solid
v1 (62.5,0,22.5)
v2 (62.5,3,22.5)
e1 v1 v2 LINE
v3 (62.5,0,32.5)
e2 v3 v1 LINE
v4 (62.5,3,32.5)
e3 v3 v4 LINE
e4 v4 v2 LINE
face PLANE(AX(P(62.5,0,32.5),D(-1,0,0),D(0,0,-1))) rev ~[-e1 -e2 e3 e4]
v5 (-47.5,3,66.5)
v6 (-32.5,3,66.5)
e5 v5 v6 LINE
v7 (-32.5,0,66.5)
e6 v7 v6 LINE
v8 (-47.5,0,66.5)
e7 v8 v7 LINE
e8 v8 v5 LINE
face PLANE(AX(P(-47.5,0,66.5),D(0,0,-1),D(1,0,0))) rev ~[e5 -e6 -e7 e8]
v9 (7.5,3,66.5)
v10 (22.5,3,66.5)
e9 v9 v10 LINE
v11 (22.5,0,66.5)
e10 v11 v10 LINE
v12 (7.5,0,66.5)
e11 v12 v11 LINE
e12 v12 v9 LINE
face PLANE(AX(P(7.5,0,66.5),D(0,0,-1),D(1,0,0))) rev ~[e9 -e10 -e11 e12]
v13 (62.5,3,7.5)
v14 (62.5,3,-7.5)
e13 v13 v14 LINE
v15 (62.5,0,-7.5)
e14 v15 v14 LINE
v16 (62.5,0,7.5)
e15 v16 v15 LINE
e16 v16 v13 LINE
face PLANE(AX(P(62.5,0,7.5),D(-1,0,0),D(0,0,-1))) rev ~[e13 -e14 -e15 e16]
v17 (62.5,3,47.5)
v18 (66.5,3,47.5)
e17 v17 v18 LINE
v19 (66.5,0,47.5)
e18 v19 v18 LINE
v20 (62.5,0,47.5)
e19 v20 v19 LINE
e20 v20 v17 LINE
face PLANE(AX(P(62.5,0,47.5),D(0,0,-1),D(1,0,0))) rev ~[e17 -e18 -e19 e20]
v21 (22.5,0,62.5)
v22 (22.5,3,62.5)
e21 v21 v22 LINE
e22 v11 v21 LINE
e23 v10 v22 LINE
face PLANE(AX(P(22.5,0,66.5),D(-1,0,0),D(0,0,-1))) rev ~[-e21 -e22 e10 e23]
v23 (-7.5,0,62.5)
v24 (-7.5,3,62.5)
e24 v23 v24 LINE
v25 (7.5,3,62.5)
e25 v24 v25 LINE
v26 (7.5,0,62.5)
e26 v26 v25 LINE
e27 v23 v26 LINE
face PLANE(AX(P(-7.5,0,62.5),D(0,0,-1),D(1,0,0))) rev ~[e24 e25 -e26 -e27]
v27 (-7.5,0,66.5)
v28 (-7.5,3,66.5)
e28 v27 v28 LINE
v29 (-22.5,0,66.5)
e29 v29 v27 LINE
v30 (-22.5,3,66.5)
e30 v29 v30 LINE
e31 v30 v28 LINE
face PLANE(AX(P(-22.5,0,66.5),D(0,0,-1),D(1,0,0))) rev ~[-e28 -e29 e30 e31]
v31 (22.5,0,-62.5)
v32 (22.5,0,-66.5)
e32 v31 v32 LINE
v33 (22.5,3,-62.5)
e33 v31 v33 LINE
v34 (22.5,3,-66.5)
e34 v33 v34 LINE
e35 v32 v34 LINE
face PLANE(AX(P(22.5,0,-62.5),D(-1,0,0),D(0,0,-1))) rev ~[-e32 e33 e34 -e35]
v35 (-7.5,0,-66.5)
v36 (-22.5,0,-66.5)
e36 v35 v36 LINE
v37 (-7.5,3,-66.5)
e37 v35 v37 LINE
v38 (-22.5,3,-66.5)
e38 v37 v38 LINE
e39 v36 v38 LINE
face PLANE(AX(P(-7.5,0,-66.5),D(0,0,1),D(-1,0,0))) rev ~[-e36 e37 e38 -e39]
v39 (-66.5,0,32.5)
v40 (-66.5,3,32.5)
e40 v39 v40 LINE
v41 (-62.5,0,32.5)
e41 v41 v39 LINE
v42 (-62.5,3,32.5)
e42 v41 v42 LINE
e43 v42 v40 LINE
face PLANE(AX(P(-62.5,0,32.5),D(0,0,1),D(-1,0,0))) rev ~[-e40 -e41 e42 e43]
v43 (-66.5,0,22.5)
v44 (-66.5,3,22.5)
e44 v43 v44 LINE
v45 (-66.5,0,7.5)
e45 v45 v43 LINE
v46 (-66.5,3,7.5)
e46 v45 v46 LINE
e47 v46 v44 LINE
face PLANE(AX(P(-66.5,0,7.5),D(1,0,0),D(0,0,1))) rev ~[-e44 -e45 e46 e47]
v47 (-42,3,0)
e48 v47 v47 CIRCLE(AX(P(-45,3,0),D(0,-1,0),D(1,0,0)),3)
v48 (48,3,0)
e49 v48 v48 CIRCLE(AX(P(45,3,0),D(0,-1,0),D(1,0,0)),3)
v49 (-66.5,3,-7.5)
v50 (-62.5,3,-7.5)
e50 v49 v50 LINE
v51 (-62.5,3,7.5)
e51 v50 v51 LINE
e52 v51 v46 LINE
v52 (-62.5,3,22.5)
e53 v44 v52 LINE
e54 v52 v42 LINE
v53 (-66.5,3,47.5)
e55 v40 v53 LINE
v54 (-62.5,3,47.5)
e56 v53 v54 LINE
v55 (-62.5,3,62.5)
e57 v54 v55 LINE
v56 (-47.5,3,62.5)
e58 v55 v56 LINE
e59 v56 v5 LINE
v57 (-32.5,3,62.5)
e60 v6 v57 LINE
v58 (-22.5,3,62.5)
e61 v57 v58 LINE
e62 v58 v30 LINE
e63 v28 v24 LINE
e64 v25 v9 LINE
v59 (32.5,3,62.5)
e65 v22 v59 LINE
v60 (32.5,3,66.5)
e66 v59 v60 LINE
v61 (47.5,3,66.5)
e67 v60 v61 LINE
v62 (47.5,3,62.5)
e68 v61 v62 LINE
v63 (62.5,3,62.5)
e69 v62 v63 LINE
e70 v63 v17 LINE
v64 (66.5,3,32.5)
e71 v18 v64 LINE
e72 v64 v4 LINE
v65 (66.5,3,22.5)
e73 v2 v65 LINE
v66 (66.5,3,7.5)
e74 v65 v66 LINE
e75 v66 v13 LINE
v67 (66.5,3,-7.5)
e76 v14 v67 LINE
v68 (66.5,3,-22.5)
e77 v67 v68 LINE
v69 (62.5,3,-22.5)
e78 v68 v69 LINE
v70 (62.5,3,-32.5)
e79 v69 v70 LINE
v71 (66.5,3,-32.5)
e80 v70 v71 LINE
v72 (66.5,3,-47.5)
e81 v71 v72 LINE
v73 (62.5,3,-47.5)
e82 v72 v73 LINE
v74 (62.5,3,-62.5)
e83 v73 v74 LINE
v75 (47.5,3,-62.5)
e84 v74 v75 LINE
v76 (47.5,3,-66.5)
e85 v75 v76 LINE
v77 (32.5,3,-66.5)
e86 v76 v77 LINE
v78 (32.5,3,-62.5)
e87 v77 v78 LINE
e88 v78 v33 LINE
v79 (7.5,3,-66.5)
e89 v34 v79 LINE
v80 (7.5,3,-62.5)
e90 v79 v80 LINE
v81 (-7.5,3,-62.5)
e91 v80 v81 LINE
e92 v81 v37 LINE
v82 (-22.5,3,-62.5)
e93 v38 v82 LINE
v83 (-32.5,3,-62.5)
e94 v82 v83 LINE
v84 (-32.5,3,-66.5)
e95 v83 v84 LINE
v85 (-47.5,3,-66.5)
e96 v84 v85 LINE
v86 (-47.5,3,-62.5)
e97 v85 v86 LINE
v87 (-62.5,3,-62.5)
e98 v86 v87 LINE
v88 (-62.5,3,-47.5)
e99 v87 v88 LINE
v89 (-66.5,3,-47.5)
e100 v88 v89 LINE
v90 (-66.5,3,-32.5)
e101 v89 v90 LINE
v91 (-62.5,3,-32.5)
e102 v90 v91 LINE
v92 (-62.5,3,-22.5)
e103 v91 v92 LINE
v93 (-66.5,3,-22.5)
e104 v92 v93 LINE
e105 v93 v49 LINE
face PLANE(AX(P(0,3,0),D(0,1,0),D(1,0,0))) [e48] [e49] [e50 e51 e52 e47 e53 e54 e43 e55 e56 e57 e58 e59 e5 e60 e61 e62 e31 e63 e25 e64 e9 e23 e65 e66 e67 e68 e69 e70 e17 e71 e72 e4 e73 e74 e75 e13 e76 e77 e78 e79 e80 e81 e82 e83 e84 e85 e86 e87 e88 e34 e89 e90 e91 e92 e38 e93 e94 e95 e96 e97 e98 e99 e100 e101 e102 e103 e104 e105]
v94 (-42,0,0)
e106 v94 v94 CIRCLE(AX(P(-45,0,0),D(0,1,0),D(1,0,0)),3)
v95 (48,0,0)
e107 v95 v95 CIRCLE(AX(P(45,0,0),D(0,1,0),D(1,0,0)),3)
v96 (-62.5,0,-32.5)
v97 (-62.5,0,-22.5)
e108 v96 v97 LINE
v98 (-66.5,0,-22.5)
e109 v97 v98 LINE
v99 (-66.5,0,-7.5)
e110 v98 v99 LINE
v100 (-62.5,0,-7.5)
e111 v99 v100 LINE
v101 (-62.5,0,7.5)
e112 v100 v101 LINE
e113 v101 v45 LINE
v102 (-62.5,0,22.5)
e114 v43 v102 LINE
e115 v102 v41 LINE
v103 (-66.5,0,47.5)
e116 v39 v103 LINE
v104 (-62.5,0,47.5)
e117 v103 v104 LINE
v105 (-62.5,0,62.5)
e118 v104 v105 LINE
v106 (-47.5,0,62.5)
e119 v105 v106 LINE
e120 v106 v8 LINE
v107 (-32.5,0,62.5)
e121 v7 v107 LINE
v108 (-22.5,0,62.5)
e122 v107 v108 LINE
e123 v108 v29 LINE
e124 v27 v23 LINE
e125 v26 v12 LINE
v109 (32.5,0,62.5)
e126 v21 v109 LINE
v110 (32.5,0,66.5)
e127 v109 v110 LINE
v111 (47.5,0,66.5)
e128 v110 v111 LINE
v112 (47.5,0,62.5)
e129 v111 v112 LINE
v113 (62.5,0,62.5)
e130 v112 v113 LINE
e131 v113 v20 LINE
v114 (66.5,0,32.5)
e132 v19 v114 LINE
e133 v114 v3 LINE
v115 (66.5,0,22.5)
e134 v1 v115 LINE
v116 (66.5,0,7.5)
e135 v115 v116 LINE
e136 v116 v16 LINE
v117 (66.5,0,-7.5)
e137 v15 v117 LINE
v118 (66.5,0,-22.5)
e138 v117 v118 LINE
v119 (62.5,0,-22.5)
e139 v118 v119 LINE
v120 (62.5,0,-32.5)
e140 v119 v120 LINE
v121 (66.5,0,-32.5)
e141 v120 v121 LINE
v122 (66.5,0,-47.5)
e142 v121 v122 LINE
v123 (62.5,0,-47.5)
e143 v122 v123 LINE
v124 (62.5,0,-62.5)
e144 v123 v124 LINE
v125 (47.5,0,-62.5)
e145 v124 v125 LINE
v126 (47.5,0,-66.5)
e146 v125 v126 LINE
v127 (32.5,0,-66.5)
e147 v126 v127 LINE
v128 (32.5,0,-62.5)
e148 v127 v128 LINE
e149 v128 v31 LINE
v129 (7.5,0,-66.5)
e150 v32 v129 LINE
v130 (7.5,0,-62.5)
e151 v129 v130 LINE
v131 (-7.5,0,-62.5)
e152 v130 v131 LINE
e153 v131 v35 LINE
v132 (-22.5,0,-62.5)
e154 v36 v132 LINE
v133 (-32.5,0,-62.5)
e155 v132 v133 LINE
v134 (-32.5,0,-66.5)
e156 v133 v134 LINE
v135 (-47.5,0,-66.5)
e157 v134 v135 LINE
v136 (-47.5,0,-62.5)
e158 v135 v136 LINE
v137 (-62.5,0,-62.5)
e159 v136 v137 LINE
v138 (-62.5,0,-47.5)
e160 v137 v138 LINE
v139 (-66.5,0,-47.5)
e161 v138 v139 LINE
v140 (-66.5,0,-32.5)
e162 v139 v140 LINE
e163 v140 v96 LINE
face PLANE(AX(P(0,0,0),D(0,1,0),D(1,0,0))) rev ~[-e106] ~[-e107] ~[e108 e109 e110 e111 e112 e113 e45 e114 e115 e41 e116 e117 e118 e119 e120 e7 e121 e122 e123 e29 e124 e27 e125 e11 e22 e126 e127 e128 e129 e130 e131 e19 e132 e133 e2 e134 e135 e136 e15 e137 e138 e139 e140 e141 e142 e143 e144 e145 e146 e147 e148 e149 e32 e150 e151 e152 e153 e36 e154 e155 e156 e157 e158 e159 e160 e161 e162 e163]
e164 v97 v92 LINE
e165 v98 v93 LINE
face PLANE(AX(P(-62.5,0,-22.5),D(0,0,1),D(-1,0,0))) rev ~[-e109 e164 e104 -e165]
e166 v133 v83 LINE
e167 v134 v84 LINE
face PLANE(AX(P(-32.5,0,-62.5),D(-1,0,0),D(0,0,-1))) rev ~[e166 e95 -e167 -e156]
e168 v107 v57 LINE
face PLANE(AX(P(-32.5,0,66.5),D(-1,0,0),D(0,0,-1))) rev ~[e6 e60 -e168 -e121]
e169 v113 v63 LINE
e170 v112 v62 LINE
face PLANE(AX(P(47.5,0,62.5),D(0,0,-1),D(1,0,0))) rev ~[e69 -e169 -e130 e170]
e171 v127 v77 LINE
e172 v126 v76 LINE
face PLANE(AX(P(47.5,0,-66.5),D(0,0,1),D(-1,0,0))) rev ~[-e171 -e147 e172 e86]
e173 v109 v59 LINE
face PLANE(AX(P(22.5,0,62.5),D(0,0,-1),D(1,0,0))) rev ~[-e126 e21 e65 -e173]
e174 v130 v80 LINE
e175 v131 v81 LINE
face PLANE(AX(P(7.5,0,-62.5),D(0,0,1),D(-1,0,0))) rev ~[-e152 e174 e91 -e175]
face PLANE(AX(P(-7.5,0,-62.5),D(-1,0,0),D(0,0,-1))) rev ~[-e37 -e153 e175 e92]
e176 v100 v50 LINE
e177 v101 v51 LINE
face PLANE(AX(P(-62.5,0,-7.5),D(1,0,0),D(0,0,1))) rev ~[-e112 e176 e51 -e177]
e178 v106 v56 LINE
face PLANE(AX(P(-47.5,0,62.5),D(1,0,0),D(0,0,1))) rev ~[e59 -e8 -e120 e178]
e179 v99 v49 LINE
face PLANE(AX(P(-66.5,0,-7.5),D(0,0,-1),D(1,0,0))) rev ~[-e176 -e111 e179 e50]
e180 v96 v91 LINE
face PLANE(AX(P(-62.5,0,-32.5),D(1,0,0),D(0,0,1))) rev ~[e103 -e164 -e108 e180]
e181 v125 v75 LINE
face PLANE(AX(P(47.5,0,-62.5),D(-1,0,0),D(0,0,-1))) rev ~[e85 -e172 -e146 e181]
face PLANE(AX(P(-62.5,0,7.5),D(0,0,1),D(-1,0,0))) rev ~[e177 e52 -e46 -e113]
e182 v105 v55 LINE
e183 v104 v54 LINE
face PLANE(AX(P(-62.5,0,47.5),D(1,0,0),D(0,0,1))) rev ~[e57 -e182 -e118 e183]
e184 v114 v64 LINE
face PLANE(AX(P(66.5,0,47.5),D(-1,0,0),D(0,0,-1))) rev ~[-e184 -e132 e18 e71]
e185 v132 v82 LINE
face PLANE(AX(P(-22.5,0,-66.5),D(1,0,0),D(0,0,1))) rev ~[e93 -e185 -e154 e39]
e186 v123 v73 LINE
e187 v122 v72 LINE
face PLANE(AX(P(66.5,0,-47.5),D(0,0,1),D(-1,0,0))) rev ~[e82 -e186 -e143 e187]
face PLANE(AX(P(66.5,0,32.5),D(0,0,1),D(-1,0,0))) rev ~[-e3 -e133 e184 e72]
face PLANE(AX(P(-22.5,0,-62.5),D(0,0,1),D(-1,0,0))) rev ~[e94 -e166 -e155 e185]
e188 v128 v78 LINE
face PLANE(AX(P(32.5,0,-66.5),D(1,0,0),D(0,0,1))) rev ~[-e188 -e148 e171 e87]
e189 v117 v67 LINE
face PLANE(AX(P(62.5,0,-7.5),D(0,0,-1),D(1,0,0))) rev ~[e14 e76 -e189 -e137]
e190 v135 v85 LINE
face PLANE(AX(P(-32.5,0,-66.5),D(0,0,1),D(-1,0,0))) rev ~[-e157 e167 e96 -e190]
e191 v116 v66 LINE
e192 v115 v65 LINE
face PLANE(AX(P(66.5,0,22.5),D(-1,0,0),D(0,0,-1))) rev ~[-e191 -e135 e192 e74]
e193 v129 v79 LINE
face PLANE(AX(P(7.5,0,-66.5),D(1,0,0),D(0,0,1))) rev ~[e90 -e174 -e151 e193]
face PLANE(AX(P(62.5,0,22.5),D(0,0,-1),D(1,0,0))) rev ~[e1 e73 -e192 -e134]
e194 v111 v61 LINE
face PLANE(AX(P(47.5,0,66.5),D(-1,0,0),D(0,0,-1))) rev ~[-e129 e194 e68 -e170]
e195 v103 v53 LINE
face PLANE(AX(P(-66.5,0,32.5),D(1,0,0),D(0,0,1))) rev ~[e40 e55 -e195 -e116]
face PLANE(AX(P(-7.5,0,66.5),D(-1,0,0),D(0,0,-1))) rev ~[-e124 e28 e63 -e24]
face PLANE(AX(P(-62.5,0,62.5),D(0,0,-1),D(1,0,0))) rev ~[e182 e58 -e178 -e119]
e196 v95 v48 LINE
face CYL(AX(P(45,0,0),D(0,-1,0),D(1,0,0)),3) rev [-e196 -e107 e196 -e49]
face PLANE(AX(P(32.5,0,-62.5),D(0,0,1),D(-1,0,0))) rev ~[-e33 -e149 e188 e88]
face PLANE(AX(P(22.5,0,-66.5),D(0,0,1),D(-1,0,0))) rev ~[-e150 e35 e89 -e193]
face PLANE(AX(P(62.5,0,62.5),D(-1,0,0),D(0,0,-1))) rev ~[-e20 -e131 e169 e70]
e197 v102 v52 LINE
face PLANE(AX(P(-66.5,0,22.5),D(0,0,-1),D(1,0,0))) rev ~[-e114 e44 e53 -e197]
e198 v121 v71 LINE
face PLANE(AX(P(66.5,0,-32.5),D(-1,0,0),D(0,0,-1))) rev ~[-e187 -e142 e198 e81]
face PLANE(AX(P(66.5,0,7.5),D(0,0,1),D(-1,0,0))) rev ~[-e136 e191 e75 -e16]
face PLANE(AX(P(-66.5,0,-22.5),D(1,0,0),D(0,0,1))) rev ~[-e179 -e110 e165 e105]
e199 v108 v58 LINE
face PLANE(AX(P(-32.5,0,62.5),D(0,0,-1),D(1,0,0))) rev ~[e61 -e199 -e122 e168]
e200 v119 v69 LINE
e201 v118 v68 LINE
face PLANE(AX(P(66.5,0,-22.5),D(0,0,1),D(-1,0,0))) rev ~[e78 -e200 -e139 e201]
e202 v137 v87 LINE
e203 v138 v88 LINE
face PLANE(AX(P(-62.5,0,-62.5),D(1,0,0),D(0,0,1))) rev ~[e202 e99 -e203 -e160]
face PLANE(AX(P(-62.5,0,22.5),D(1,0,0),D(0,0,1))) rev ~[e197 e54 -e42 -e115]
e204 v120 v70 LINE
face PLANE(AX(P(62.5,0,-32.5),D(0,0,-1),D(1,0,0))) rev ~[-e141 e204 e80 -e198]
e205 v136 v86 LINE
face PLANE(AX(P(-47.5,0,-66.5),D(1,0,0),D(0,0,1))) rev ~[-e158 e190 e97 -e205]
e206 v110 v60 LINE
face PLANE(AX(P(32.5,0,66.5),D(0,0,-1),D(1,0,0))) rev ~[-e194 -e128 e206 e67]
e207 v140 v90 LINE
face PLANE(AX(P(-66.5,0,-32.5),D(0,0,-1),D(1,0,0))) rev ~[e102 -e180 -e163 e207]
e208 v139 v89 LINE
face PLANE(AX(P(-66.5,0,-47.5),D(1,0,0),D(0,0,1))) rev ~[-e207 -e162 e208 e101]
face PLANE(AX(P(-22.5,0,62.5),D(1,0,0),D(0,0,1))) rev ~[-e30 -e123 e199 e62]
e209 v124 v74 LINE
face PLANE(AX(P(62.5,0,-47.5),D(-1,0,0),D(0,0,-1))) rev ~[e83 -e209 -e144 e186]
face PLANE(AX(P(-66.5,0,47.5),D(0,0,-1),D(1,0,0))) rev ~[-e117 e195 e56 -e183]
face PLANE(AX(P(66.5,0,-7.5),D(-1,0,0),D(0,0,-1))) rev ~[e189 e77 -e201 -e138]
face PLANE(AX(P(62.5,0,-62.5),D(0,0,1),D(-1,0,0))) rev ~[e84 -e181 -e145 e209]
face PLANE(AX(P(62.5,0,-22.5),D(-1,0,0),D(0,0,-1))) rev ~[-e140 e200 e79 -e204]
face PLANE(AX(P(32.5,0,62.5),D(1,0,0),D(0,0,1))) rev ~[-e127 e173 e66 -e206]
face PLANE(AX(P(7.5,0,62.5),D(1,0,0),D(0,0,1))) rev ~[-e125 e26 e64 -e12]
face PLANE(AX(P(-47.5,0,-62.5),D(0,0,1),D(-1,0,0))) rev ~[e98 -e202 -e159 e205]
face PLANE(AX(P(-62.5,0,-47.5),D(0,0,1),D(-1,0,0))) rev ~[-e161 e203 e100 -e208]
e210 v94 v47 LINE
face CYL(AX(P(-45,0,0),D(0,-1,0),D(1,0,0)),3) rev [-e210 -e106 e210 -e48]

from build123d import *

# Parameters (mm, degrees)
BOSS_EXTRUDE1_DEPTH = 3
SKETCH4_R           = 3
CUT_EXTRUDE2_DEPTH  = 16


with BuildPart() as part:
    # Sketch1 → Boss-Extrude1 (new body)
    with BuildSketch(Plane(origin=(0, 0, 0), x_dir=(1, 0, 0), z_dir=(0, 1, 0))):
        Polygon((7.5, -62.5), (7.5, -66.5), (22.5, -66.5), (22.5, -62.5), (32.5, -62.5), (32.5, -66.5), (47.5, -66.5), (47.5, -62.5), (57.5, -62.5), (62.5, -62.5), (62.5, -59), (62.5, -47.5), (66.5, -47.5), (66.5, -32.5), (62.5, -32.5), (62.5, -22.5), (66.5, -22.5), (66.5, -7.5), (62.5, -7.5), (62.5, 7.5), (66.5, 7.5), (66.5, 22.5), (62.5, 22.5), (62.5, 32.5), (66.5, 32.5), (66.5, 47.5), (62.5, 47.5), (62.5, 59), (62.5, 62.5), (57.5, 62.5), (47.5, 62.5), (47.5, 66.5), (32.5, 66.5), (32.5, 62.5), (22.5, 62.5), (22.5, 66.5), (7.5, 66.5), (7.5, 62.5), (-7.5, 62.5), (-7.5, 66.5), (-22.5, 66.5), (-22.5, 62.5), (-32.5, 62.5), (-32.5, 66.5), (-47.5, 66.5), (-47.5, 62.5), (-59, 62.5), (-62.5, 62.5), (-62.5, 59), (-62.5, 47.5), (-66.5, 47.5), (-66.5, 32.5), (-62.5, 32.5), (-62.5, 22.5), (-66.5, 22.5), (-66.5, 7.5), (-62.5, 7.5), (-62.5, -7.5), (-66.5, -7.5), (-66.5, -22.5), (-62.5, -22.5), (-62.5, -32.5), (-66.5, -32.5), (-66.5, -47.5), (-62.5, -47.5), (-62.5, -59), (-62.5, -62.5), (-59, -62.5), (-47.5, -62.5), (-47.5, -66.5), (-32.5, -66.5), (-32.5, -62.5), (-22.5, -62.5), (-22.5, -66.5), (-7.5, -66.5), (-7.5, -62.5), align=None)
    extrude(amount=BOSS_EXTRUDE1_DEPTH)

    # Sketch4 → Cut-Extrude2 (cut)
    with BuildSketch(Plane(origin=(0, 0, 0), x_dir=(1, 0, 0), z_dir=(0, 1, 0))):
        with Locations((-45, 0)):
            Circle(SKETCH4_R)
        with Locations((45, 0)):
            Circle(SKETCH4_R)
    extrude(amount=CUT_EXTRUDE2_DEPTH, mode=Mode.SUBTRACT)


solid = part.part
